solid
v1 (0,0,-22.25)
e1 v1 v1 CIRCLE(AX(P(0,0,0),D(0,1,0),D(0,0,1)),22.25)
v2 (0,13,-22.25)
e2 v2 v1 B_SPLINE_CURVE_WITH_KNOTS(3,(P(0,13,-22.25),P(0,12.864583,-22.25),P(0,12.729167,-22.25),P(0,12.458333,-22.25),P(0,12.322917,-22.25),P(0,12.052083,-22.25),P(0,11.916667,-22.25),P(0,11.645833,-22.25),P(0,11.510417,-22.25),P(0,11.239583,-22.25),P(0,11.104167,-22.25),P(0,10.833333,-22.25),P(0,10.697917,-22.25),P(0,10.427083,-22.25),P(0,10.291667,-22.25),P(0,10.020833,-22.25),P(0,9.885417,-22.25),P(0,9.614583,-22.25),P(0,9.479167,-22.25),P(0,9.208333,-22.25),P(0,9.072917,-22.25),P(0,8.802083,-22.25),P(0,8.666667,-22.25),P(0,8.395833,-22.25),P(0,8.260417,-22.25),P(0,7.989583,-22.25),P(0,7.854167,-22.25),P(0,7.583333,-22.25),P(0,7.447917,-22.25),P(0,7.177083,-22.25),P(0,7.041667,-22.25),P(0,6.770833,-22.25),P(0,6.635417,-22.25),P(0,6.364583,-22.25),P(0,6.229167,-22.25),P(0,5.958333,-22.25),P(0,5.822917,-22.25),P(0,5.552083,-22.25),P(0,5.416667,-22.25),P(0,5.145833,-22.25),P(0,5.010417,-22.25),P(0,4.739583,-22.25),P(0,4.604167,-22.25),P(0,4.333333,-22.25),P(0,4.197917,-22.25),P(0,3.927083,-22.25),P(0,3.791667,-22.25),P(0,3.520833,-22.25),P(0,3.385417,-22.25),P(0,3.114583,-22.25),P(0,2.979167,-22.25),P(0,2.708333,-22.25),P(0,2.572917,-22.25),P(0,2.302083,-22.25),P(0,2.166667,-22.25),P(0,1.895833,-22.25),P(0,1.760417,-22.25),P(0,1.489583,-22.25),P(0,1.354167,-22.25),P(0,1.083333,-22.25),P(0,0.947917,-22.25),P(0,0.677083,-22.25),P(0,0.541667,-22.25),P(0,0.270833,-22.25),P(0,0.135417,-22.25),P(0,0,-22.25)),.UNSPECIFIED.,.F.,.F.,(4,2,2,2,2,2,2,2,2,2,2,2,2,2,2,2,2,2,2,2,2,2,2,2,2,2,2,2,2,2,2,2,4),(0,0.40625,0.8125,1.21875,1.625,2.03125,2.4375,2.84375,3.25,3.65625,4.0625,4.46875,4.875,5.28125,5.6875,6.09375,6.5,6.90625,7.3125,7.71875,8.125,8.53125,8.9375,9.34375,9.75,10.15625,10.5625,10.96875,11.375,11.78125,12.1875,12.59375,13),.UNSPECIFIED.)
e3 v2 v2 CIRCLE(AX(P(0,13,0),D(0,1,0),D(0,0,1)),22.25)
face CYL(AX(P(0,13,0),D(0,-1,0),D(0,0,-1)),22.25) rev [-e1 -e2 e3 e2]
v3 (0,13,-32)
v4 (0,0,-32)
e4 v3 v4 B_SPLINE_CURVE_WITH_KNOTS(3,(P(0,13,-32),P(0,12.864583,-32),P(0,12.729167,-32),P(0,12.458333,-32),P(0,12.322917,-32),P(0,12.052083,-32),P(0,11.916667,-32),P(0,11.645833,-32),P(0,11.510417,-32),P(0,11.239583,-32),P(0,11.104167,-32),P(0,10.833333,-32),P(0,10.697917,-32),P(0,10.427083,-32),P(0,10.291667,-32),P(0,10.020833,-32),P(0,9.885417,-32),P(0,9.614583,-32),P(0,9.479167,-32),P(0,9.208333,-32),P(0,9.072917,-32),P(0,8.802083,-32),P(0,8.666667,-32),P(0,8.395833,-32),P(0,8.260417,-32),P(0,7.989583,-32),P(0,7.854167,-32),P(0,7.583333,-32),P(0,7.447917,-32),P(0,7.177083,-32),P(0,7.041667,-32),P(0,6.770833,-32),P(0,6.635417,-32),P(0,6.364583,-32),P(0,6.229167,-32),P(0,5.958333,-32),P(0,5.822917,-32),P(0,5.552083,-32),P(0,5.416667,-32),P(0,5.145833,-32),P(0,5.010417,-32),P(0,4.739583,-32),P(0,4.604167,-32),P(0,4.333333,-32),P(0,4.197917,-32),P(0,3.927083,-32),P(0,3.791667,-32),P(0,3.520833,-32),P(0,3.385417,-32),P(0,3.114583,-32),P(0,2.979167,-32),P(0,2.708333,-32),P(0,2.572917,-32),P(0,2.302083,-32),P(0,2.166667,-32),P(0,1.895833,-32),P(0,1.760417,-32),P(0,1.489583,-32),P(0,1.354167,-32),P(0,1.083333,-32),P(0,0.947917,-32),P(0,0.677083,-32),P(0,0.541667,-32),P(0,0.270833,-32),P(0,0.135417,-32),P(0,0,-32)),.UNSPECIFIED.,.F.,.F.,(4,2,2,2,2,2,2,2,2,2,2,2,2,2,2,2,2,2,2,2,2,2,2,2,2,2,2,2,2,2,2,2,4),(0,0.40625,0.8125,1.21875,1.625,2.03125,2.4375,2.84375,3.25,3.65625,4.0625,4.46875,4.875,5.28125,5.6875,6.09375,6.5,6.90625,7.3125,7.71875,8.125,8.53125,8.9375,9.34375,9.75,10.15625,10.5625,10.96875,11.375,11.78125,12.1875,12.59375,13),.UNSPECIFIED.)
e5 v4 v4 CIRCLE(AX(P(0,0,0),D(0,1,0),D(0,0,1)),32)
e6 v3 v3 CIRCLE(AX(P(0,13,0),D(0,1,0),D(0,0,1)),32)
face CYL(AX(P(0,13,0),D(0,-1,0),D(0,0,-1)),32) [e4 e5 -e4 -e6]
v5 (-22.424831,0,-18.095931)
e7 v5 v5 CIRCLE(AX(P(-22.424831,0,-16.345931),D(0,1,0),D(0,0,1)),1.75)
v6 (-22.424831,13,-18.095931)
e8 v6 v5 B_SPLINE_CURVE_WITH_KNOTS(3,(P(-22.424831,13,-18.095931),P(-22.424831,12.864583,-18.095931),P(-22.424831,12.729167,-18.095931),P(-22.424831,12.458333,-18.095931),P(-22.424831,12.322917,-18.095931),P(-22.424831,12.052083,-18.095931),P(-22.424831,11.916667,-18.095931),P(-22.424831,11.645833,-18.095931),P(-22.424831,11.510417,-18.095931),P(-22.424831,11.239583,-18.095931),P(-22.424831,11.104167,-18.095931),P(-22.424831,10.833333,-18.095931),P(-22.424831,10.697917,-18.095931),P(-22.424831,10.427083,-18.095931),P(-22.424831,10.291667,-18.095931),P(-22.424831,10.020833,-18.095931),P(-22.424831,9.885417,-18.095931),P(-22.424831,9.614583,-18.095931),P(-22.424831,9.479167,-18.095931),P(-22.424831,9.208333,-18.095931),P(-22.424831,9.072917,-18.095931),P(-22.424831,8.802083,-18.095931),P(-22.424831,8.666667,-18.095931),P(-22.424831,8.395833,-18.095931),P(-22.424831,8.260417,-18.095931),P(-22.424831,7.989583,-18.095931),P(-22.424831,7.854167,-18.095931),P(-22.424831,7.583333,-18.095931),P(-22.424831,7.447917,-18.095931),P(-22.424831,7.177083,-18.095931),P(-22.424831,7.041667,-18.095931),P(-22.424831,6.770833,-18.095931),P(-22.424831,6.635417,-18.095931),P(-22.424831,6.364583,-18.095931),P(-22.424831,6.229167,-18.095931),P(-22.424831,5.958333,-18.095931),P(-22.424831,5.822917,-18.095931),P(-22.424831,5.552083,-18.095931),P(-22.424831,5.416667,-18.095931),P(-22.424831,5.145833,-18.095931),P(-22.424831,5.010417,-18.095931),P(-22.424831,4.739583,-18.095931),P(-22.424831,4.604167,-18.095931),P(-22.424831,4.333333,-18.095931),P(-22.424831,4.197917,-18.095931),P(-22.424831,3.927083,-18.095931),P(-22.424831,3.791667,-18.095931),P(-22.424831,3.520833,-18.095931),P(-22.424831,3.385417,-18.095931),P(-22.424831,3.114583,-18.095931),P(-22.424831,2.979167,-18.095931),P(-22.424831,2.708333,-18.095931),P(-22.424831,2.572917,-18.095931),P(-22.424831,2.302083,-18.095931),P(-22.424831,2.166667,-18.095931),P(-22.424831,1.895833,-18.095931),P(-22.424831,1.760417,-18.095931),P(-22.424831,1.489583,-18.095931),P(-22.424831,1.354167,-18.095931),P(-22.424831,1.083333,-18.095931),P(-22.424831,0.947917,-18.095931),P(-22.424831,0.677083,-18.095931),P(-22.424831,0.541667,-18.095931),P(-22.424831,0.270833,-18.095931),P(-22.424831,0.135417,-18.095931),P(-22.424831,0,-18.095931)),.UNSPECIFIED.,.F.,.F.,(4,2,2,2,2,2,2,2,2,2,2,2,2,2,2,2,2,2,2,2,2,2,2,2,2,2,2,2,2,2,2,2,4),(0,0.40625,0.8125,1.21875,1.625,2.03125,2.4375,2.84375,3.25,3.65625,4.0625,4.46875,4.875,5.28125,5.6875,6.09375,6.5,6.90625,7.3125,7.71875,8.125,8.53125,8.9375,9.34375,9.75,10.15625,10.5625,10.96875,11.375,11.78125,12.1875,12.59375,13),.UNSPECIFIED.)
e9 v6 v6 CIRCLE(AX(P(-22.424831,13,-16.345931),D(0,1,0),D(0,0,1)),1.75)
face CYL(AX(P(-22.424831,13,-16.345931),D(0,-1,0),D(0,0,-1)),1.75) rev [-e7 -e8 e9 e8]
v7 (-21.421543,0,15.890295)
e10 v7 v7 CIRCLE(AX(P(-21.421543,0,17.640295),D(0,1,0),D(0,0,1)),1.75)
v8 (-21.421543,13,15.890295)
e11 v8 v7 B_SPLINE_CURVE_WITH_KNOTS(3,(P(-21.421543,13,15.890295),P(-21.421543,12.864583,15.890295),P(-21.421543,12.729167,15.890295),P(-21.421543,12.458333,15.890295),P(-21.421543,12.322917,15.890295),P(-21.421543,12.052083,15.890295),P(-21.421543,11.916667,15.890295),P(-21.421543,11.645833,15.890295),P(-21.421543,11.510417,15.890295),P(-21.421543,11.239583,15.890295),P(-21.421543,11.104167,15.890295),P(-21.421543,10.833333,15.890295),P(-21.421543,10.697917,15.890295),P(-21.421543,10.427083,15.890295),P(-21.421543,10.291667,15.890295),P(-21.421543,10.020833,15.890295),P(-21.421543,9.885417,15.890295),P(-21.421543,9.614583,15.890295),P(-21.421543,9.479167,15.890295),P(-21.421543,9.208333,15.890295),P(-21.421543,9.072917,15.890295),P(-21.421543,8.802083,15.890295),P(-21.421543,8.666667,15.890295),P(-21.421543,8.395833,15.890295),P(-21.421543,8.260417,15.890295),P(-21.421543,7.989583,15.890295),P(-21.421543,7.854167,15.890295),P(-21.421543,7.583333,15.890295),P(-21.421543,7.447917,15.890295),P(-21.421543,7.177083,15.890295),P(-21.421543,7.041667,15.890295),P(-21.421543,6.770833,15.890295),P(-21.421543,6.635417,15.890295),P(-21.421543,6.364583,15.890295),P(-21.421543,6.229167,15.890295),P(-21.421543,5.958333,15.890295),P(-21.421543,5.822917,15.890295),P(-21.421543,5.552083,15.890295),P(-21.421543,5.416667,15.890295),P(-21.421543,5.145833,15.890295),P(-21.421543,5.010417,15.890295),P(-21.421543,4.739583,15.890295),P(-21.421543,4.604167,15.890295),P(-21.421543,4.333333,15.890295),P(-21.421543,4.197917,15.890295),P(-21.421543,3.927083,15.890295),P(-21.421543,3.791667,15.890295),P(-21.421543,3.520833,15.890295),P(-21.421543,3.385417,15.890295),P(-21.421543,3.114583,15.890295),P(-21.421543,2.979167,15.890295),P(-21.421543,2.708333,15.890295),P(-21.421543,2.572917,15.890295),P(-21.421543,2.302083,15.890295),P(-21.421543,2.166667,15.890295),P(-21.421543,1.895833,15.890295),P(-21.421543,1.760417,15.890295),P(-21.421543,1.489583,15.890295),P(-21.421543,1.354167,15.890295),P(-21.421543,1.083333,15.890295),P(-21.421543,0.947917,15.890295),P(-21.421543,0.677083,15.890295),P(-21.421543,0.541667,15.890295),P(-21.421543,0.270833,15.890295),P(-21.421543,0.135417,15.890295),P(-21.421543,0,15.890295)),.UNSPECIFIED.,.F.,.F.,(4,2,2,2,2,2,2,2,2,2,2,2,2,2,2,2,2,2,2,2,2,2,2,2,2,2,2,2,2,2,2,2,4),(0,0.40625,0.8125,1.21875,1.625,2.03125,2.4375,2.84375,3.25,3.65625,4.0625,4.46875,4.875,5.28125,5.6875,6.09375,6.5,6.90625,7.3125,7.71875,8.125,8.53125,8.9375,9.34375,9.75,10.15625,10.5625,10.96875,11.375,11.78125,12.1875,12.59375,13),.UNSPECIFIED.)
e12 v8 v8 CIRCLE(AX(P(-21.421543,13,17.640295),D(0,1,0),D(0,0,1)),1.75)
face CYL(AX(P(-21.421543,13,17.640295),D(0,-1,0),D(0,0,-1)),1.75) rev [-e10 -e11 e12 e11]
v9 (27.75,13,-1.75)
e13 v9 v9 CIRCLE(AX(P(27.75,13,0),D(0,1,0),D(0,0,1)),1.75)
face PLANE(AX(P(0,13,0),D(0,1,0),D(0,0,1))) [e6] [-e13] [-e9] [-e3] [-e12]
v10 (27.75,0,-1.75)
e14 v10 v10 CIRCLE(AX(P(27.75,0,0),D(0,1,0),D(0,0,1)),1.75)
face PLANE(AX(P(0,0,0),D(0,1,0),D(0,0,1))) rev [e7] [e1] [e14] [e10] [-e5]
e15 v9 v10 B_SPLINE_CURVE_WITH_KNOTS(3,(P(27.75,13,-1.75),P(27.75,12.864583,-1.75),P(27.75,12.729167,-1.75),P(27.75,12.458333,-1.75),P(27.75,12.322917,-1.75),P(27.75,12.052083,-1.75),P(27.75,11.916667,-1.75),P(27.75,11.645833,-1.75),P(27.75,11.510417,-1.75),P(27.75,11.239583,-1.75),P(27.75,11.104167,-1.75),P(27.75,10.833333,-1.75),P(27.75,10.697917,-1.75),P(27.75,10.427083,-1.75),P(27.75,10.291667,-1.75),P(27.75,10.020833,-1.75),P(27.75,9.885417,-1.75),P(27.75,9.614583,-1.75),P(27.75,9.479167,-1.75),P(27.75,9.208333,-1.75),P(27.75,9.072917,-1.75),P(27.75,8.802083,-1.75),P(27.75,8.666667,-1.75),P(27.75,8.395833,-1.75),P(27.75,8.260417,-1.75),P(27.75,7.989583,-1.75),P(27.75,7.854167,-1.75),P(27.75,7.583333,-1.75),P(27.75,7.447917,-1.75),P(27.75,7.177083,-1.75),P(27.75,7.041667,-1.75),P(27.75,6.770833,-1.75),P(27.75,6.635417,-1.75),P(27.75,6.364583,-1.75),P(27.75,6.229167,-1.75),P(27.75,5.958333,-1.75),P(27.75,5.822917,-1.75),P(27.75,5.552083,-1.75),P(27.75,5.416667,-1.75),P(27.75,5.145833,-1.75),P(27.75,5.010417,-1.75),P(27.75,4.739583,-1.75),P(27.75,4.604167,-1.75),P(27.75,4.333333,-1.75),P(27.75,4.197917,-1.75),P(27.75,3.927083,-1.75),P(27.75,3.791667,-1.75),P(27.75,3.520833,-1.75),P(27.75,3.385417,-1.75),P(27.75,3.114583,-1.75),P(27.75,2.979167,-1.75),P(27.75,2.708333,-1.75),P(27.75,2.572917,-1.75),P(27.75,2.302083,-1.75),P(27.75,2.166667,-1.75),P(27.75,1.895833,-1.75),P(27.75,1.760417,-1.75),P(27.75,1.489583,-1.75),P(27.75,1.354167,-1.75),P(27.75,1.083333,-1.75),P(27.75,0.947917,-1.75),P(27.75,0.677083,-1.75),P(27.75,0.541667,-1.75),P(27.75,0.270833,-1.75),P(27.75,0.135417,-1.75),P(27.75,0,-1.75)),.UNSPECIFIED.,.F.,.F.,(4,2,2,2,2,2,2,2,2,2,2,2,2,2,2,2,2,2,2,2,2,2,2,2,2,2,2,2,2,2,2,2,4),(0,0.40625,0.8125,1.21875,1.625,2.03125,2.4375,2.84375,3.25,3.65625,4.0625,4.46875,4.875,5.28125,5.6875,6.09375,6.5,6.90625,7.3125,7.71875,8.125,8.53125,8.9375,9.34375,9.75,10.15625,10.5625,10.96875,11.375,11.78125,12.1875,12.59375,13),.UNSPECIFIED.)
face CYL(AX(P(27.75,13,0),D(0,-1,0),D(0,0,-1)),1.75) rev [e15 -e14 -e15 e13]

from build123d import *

# Parameters (mm, degrees)
SKETCH1_R           = 32
SKETCH1_R_2         = 22.25
SKETCH1_R_3         = 1.75
BOSS_EXTRUDE1_DEPTH = 13


with BuildPart() as part:
    # Sketch1 → Boss-Extrude1 (new body)
    with BuildSketch(Plane(origin=(0, 0, 0), x_dir=(1, 0, 0), z_dir=(0, 1, 0))):
        with Locations(Location((0, 0, 0), (0, 0, 90))):
            Circle(SKETCH1_R)
        with Locations(Location((0, 0, 0), (0, 0, 90))):
            Circle(SKETCH1_R_2, mode=Mode.SUBTRACT)
        with Locations(Location((27.75, 0, 0), (0, 0, 90))):
            Circle(SKETCH1_R_3, mode=Mode.SUBTRACT)
        with Locations(Location((-22.424830869, 16.345931008, 0), (0, 0, 90))):
            Circle(SKETCH1_R_3, mode=Mode.SUBTRACT)
        with Locations(Location((-21.421542654, -17.640295075, 0), (0, 0, 90))):
            Circle(SKETCH1_R_3, mode=Mode.SUBTRACT)
    extrude(amount=BOSS_EXTRUDE1_DEPTH)


solid = part.part
